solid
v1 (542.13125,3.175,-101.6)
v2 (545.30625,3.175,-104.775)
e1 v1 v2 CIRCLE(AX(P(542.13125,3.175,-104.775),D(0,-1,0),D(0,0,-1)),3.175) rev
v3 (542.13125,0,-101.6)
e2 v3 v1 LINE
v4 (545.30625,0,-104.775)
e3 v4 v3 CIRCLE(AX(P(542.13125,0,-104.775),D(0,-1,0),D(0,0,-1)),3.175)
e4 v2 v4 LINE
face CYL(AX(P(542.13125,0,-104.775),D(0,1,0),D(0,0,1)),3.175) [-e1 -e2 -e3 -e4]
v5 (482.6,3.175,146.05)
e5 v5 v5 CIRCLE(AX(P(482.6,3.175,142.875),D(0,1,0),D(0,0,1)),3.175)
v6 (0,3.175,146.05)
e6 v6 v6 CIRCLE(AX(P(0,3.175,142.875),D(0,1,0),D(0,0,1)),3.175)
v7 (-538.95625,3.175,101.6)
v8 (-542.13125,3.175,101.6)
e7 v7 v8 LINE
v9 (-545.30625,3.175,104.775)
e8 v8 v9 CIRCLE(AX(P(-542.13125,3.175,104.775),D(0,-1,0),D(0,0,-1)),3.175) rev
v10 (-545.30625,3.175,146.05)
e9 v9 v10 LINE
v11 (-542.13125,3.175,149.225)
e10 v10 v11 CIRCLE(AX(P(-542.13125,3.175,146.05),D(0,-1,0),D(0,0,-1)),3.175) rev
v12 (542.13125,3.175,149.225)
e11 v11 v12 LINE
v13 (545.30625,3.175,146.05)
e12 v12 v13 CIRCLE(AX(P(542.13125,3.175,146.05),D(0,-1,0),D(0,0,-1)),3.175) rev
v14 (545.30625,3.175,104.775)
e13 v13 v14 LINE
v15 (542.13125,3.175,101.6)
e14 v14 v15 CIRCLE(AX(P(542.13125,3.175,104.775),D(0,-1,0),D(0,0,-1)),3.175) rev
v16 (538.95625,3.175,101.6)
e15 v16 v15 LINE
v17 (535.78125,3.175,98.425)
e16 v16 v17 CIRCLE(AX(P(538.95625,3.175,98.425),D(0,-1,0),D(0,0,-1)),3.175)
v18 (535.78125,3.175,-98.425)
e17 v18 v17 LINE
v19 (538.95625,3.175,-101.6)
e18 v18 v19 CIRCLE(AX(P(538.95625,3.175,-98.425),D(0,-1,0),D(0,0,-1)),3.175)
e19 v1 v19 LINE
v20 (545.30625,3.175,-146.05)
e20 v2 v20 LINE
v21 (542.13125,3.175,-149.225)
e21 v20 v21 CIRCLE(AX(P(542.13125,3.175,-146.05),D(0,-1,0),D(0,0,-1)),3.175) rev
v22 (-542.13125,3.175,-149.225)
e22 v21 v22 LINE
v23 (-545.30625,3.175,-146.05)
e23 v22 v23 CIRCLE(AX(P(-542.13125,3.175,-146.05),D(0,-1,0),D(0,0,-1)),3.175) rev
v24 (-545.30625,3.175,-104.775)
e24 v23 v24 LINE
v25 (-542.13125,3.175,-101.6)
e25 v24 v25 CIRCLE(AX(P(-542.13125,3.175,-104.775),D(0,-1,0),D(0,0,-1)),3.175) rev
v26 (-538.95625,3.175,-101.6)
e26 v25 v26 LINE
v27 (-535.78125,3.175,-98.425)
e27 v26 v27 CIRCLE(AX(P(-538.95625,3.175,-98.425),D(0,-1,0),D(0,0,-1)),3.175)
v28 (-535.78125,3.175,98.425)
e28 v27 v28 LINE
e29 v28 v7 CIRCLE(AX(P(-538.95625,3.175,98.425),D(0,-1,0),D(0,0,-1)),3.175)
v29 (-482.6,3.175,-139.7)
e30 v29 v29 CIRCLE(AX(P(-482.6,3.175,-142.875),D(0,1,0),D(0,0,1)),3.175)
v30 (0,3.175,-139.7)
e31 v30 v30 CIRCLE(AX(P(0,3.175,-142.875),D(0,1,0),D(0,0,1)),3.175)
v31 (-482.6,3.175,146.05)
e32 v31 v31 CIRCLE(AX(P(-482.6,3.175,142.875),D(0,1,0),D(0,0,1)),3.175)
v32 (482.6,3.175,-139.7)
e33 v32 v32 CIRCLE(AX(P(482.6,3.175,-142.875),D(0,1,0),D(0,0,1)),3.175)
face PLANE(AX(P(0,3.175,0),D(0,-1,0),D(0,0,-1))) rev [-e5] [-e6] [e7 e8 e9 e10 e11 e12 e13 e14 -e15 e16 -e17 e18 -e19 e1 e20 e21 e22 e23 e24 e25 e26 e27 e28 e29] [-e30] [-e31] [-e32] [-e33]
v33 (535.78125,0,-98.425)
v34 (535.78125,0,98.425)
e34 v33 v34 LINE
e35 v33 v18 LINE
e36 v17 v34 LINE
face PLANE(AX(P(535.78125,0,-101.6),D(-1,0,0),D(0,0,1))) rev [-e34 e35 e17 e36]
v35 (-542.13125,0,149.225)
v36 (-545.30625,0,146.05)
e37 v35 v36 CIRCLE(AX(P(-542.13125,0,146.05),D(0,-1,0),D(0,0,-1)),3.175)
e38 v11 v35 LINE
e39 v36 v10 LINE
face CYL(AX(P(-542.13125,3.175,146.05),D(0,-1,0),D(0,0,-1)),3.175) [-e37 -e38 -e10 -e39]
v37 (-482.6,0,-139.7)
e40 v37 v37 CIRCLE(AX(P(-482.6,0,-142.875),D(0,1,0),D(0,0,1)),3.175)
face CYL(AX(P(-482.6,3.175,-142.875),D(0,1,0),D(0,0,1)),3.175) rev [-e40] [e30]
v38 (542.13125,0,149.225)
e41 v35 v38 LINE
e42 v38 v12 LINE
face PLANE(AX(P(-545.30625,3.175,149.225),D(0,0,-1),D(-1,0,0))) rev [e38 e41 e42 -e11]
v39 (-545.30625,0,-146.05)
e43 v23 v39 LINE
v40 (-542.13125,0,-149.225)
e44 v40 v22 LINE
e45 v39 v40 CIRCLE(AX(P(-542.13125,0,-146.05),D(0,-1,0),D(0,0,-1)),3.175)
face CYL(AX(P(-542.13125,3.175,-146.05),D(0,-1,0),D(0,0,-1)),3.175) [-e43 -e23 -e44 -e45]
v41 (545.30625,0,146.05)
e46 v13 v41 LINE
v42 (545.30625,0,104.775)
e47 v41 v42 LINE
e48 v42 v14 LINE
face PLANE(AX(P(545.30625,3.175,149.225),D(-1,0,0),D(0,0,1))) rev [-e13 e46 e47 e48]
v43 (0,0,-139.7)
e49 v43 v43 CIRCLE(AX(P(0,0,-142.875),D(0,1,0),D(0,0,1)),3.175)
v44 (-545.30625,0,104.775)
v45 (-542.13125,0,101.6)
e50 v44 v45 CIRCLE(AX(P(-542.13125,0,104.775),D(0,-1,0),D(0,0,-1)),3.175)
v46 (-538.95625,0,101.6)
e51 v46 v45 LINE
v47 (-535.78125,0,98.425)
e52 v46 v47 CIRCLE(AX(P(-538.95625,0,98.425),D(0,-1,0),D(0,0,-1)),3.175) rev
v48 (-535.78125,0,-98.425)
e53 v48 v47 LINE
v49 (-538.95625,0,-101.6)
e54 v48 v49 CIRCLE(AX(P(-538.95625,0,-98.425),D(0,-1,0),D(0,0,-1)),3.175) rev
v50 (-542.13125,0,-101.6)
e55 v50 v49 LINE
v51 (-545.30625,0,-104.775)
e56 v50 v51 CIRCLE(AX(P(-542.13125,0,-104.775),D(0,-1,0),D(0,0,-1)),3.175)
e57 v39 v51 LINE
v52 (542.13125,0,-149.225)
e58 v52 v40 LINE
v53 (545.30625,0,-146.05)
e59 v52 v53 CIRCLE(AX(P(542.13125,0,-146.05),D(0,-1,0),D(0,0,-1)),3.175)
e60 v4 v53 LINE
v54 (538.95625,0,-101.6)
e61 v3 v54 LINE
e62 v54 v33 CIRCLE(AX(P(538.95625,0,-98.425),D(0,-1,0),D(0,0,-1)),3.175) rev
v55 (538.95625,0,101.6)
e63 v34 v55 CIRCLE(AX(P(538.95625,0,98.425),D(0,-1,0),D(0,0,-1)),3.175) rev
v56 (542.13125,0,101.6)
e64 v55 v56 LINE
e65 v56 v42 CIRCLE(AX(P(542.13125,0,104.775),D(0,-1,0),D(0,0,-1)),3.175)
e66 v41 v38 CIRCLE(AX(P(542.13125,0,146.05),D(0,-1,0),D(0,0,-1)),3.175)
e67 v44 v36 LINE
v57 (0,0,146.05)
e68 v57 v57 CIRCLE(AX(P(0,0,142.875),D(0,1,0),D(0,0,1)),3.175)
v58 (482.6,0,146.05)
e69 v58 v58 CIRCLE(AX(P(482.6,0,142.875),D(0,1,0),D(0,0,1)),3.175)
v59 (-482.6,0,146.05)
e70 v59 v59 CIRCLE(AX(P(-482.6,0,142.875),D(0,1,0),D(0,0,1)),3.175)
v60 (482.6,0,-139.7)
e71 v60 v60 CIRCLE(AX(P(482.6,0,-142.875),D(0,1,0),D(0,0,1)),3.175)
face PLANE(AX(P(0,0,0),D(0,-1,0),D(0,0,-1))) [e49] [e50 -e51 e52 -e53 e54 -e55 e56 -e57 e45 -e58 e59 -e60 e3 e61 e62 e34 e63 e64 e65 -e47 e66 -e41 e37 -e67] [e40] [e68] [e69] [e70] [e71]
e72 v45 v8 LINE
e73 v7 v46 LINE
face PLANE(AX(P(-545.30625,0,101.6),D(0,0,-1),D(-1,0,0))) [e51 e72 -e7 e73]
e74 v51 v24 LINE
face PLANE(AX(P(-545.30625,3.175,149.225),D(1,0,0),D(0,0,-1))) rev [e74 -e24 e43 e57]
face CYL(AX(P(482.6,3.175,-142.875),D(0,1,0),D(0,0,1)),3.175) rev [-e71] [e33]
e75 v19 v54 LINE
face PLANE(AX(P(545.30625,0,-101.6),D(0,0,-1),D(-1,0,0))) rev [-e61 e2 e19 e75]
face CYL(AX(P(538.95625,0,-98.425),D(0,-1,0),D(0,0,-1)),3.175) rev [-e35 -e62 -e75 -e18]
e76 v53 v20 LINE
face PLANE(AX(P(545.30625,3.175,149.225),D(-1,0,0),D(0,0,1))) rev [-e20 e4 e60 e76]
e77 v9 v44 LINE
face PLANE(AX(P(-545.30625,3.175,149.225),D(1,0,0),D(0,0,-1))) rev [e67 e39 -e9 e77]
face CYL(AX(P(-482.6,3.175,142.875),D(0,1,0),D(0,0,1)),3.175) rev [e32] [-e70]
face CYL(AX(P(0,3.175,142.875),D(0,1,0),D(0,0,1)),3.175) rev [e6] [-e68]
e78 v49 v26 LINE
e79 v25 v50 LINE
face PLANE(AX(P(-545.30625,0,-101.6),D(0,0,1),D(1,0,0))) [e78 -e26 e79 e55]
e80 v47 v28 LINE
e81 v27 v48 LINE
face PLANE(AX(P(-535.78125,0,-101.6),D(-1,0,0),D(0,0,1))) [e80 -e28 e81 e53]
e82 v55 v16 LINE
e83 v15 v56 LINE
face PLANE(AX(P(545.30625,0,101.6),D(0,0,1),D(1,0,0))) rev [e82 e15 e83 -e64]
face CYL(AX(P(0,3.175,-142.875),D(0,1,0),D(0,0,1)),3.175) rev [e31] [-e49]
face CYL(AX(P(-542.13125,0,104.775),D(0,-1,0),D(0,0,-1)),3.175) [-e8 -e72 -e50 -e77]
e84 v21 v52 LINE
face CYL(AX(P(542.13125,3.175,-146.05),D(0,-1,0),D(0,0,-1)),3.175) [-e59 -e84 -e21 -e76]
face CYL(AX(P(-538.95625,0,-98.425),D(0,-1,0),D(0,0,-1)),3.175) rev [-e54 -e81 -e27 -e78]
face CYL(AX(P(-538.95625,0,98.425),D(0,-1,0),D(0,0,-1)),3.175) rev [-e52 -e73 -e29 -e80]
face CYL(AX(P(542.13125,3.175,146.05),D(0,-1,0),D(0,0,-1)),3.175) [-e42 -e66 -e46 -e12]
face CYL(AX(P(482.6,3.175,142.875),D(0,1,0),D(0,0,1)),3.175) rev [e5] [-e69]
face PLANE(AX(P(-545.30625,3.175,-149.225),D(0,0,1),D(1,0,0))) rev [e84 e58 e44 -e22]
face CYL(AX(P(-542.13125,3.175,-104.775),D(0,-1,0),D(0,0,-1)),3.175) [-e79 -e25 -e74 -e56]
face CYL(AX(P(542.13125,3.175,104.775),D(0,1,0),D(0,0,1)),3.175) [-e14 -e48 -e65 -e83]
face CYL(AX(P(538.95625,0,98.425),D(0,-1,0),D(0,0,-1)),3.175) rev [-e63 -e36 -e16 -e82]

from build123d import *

# Parameters (mm, degrees)
SKETCH1_W                   = 1090.6125
SKETCH1_H                   = 298.45
BOSS_EXTRUDE1_DEPTH         = 3.175
SKETCH2_W                   = 9.525
SKETCH2_H                   = 203.2
CUT_EXTRUDE1_DEPTH          = 4.175
FILLET1_R                   = 3.175
FILLET1_OF_MIRROR1_R        = 3.175
F_1_4_0_25_DIAMETER_HOLE1_D = 6.35
FILLET2_R                   = 3.175


with BuildPart() as part:
    # Sketch1 → Boss-Extrude1 (new body)
    with BuildSketch(Plane(origin=(0, 0, 0), x_dir=(1, 0, 0), z_dir=(0, 1, 0))):
        Rectangle(SKETCH1_W, SKETCH1_H)
    extrude(amount=BOSS_EXTRUDE1_DEPTH)

    # Sketch2 → Cut-Extrude1 (cut, through all)
    with BuildSketch(Plane(origin=(0, 3.175, 0), x_dir=(1, 0, 0), z_dir=(0, 1, 0))):
        with Locations((540.54375, 0)):
            Rectangle(SKETCH2_W, SKETCH2_H)
    cut_extrude1 = extrude(amount=-CUT_EXTRUDE1_DEPTH, mode=Mode.SUBTRACT)

    # Fillet1
    fillet1_edges = [part.edges().sort_by_distance(p)[0] for p in [
        (535.78125, 1.5875, 101.6),
        (535.78125, 1.5875, -101.6),
    ]]
    fillet(fillet1_edges, radius=FILLET1_R)

    # Mirror1: Cut-Extrude1 across plane
    add(cut_extrude1.mirror(Plane(origin=(0, 0, 0), x_dir=(0, 0, 1), z_dir=(1, 0, 0))), mode=Mode.SUBTRACT)

    # Fillet1 of Mirror1
    fillet1_of_mirror1_edges = [part.edges().sort_by_distance(p)[0] for p in [
        (-535.78125, 1.5875, 101.6),
        (-535.78125, 1.5875, -101.6),
    ]]
    fillet(fillet1_of_mirror1_edges, radius=FILLET1_OF_MIRROR1_R)

    # 1/4 (0.25) Diameter Hole1 (through all)
    with Locations(Plane(origin=(0, 3.175, 0), x_dir=(1, 0, 0), z_dir=(0, 1, 0))):
        with Locations((482.6, 142.875), (0, 142.875), (-482.6, 142.875)):
            f_1_4_0_25_diameter_hole1 = Hole(F_1_4_0_25_DIAMETER_HOLE1_D / 2)

    # Mirror2: 1/4 (0.25) Diameter Hole1 across plane
    add(f_1_4_0_25_diameter_hole1.mirror(Plane.XY), mode=Mode.SUBTRACT)

    # Fillet2
    fillet2_edges = [part.edges().sort_by_distance(p)[0] for p in [
        (545.30625, 1.5875, -101.6),
        (545.30625, 1.5875, 101.6),
        (-545.30625, 1.5875, 101.6),
        (-545.30625, 1.5875, -101.6),
        (545.30625, 1.5875, 149.225),
        (-545.30625, 1.5875, 149.225),
        (-545.30625, 1.5875, -149.225),
        (545.30625, 1.5875, -149.225),
    ]]
    fillet(fillet2_edges, radius=FILLET2_R)


solid = part.part
